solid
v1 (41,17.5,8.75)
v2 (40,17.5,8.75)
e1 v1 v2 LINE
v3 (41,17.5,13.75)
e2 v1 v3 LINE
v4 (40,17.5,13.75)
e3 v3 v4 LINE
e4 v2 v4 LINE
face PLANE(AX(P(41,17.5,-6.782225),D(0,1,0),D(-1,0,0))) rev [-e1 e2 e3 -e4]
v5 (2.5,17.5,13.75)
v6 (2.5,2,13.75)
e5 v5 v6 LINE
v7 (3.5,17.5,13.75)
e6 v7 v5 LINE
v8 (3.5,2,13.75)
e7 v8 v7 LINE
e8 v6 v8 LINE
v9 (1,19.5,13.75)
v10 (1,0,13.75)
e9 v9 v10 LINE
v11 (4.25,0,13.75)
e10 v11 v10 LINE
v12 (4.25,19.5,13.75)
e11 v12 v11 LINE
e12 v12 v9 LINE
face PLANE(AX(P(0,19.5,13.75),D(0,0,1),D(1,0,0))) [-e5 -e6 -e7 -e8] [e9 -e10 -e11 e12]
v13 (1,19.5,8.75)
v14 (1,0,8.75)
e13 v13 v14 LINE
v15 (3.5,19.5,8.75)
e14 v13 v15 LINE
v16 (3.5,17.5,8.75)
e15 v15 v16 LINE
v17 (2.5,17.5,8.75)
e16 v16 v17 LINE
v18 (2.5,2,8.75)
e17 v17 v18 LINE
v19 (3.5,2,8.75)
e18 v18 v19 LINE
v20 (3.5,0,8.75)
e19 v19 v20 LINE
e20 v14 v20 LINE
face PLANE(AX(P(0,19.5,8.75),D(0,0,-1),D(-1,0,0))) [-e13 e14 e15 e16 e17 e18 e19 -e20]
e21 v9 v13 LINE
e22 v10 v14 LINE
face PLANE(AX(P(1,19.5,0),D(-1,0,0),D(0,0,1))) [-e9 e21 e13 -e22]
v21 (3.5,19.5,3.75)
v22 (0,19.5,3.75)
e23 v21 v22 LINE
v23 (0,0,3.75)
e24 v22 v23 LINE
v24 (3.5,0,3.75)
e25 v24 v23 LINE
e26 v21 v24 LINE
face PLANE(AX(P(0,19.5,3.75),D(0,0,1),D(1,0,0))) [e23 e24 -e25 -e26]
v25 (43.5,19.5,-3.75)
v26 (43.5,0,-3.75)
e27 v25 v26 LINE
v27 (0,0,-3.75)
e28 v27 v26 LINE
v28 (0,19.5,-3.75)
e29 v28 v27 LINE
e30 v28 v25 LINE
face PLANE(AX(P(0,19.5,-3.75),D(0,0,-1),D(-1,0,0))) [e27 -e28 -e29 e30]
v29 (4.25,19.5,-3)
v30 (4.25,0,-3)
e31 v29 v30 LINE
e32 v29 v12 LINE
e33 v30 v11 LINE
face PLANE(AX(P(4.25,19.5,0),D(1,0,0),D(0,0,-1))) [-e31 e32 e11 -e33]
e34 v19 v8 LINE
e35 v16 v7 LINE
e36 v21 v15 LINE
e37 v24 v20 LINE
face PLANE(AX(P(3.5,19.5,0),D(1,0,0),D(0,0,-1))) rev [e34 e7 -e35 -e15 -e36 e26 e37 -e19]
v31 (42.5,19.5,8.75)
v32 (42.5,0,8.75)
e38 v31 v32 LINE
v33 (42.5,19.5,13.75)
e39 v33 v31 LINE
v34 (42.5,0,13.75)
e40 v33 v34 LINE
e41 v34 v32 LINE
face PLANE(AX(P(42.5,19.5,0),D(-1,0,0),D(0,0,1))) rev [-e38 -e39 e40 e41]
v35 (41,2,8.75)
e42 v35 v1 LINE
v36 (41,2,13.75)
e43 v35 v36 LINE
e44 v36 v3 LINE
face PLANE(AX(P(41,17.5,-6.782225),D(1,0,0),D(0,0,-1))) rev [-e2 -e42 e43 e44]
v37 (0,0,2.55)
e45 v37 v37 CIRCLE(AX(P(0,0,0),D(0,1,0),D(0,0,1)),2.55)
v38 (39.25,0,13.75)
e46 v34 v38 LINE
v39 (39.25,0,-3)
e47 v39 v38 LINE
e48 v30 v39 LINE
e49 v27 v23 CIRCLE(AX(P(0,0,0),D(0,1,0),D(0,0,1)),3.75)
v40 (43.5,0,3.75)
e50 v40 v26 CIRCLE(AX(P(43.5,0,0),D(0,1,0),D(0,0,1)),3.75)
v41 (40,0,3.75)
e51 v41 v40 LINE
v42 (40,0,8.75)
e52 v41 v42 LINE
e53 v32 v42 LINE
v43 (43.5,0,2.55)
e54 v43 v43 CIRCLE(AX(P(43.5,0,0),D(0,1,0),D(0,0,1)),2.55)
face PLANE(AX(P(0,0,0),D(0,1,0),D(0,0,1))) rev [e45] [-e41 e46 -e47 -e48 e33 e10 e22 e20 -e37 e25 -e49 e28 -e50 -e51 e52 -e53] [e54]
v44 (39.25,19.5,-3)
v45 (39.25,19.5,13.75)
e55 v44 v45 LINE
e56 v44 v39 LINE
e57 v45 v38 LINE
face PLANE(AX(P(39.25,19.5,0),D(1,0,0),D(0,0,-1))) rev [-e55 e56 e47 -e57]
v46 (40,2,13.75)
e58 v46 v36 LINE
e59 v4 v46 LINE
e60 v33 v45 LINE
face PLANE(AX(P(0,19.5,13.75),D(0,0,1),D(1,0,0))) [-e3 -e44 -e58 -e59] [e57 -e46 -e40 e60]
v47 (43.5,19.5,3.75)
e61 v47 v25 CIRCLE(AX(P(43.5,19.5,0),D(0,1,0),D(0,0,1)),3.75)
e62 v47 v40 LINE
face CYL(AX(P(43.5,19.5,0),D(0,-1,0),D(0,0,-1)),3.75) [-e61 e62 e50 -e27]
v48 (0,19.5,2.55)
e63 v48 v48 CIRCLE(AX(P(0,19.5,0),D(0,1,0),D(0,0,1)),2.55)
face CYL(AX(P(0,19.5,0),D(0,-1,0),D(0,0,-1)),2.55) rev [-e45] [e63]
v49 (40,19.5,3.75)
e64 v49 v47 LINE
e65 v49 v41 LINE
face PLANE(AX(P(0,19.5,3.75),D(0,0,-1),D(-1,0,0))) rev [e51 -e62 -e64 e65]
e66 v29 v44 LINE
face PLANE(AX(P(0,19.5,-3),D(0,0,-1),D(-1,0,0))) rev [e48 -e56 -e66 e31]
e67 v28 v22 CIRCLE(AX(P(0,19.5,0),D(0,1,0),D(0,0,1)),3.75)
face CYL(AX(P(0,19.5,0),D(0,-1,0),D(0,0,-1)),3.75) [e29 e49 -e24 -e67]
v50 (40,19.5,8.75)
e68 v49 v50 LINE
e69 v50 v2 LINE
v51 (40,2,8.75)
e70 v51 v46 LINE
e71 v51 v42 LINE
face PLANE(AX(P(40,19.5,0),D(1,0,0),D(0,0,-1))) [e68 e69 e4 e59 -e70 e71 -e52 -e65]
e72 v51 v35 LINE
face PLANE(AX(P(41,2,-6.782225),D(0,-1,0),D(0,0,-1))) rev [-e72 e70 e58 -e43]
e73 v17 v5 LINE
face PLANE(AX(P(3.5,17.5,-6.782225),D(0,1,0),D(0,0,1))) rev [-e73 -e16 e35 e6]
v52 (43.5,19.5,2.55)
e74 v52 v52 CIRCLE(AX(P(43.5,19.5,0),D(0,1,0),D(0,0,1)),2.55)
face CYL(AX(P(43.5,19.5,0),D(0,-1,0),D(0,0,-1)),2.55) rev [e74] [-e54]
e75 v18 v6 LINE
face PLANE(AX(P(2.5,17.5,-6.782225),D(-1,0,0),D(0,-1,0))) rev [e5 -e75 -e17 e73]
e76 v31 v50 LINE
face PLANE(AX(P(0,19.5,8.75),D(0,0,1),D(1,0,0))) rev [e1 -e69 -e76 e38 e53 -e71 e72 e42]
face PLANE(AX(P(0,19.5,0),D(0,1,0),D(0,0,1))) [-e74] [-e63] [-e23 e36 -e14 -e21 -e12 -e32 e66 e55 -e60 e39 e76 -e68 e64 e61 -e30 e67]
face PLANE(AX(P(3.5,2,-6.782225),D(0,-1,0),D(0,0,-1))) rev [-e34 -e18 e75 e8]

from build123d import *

# Parameters (mm, degrees)
SKETCH1_R           = 2.55
BOSS_EXTRUDE2_DEPTH = 19.5
SKETCH2_W           = 1
SKETCH2_H           = 15.5
CUT_EXTRUDE1_DEPTH  = 5


with BuildPart() as part:
    # Sketch1 → Boss-Extrude2 (new body)
    with BuildSketch(Plane(origin=(0, 0, 0), x_dir=(1, 0, 0), z_dir=(0, 1, 0))):
        with BuildLine():
            ThreePointArc((0, 3.75), (-3.75, 0), (0, -3.75))
            Line((0, -3.75), (3.5, -3.75))
            Line((3.5, -3.75), (3.5, -8.75))
            Line((3.5, -8.75), (1, -8.75))
            Line((1, -8.75), (1, -13.75))
            Line((1, -13.75), (4.25, -13.75))
            Line((4.25, -13.75), (4.25, 3))
            Line((4.25, 3), (39.25, 3))
            Line((39.25, 3), (39.25, -13.75))
            Line((39.25, -13.75), (42.5, -13.75))
            Line((42.5, -13.75), (42.5, -8.75))
            Line((42.5, -8.75), (40, -8.75))
            Line((40, -8.75), (40, -3.75))
            Line((40, -3.75), (43.5, -3.75))
            ThreePointArc((43.5, -3.75), (47.25, 0), (43.5, 3.75))
            Line((43.5, 3.75), (0, 3.75))
        make_face()
        Circle(SKETCH1_R, mode=Mode.SUBTRACT)
        with Locations((43.5, 0)):
            Circle(SKETCH1_R, mode=Mode.SUBTRACT)
    extrude(amount=BOSS_EXTRUDE2_DEPTH)

    # Sketch2 → Cut-Extrude1 (cut)
    with BuildSketch(Plane.XY.offset(13.75)):
        with Locations((3, 9.75)):
            Rectangle(SKETCH2_W, SKETCH2_H)
        with Locations((40.5, 9.75)):
            Rectangle(SKETCH2_W, SKETCH2_H)
    extrude(amount=-CUT_EXTRUDE1_DEPTH, mode=Mode.SUBTRACT)


solid = part.part
